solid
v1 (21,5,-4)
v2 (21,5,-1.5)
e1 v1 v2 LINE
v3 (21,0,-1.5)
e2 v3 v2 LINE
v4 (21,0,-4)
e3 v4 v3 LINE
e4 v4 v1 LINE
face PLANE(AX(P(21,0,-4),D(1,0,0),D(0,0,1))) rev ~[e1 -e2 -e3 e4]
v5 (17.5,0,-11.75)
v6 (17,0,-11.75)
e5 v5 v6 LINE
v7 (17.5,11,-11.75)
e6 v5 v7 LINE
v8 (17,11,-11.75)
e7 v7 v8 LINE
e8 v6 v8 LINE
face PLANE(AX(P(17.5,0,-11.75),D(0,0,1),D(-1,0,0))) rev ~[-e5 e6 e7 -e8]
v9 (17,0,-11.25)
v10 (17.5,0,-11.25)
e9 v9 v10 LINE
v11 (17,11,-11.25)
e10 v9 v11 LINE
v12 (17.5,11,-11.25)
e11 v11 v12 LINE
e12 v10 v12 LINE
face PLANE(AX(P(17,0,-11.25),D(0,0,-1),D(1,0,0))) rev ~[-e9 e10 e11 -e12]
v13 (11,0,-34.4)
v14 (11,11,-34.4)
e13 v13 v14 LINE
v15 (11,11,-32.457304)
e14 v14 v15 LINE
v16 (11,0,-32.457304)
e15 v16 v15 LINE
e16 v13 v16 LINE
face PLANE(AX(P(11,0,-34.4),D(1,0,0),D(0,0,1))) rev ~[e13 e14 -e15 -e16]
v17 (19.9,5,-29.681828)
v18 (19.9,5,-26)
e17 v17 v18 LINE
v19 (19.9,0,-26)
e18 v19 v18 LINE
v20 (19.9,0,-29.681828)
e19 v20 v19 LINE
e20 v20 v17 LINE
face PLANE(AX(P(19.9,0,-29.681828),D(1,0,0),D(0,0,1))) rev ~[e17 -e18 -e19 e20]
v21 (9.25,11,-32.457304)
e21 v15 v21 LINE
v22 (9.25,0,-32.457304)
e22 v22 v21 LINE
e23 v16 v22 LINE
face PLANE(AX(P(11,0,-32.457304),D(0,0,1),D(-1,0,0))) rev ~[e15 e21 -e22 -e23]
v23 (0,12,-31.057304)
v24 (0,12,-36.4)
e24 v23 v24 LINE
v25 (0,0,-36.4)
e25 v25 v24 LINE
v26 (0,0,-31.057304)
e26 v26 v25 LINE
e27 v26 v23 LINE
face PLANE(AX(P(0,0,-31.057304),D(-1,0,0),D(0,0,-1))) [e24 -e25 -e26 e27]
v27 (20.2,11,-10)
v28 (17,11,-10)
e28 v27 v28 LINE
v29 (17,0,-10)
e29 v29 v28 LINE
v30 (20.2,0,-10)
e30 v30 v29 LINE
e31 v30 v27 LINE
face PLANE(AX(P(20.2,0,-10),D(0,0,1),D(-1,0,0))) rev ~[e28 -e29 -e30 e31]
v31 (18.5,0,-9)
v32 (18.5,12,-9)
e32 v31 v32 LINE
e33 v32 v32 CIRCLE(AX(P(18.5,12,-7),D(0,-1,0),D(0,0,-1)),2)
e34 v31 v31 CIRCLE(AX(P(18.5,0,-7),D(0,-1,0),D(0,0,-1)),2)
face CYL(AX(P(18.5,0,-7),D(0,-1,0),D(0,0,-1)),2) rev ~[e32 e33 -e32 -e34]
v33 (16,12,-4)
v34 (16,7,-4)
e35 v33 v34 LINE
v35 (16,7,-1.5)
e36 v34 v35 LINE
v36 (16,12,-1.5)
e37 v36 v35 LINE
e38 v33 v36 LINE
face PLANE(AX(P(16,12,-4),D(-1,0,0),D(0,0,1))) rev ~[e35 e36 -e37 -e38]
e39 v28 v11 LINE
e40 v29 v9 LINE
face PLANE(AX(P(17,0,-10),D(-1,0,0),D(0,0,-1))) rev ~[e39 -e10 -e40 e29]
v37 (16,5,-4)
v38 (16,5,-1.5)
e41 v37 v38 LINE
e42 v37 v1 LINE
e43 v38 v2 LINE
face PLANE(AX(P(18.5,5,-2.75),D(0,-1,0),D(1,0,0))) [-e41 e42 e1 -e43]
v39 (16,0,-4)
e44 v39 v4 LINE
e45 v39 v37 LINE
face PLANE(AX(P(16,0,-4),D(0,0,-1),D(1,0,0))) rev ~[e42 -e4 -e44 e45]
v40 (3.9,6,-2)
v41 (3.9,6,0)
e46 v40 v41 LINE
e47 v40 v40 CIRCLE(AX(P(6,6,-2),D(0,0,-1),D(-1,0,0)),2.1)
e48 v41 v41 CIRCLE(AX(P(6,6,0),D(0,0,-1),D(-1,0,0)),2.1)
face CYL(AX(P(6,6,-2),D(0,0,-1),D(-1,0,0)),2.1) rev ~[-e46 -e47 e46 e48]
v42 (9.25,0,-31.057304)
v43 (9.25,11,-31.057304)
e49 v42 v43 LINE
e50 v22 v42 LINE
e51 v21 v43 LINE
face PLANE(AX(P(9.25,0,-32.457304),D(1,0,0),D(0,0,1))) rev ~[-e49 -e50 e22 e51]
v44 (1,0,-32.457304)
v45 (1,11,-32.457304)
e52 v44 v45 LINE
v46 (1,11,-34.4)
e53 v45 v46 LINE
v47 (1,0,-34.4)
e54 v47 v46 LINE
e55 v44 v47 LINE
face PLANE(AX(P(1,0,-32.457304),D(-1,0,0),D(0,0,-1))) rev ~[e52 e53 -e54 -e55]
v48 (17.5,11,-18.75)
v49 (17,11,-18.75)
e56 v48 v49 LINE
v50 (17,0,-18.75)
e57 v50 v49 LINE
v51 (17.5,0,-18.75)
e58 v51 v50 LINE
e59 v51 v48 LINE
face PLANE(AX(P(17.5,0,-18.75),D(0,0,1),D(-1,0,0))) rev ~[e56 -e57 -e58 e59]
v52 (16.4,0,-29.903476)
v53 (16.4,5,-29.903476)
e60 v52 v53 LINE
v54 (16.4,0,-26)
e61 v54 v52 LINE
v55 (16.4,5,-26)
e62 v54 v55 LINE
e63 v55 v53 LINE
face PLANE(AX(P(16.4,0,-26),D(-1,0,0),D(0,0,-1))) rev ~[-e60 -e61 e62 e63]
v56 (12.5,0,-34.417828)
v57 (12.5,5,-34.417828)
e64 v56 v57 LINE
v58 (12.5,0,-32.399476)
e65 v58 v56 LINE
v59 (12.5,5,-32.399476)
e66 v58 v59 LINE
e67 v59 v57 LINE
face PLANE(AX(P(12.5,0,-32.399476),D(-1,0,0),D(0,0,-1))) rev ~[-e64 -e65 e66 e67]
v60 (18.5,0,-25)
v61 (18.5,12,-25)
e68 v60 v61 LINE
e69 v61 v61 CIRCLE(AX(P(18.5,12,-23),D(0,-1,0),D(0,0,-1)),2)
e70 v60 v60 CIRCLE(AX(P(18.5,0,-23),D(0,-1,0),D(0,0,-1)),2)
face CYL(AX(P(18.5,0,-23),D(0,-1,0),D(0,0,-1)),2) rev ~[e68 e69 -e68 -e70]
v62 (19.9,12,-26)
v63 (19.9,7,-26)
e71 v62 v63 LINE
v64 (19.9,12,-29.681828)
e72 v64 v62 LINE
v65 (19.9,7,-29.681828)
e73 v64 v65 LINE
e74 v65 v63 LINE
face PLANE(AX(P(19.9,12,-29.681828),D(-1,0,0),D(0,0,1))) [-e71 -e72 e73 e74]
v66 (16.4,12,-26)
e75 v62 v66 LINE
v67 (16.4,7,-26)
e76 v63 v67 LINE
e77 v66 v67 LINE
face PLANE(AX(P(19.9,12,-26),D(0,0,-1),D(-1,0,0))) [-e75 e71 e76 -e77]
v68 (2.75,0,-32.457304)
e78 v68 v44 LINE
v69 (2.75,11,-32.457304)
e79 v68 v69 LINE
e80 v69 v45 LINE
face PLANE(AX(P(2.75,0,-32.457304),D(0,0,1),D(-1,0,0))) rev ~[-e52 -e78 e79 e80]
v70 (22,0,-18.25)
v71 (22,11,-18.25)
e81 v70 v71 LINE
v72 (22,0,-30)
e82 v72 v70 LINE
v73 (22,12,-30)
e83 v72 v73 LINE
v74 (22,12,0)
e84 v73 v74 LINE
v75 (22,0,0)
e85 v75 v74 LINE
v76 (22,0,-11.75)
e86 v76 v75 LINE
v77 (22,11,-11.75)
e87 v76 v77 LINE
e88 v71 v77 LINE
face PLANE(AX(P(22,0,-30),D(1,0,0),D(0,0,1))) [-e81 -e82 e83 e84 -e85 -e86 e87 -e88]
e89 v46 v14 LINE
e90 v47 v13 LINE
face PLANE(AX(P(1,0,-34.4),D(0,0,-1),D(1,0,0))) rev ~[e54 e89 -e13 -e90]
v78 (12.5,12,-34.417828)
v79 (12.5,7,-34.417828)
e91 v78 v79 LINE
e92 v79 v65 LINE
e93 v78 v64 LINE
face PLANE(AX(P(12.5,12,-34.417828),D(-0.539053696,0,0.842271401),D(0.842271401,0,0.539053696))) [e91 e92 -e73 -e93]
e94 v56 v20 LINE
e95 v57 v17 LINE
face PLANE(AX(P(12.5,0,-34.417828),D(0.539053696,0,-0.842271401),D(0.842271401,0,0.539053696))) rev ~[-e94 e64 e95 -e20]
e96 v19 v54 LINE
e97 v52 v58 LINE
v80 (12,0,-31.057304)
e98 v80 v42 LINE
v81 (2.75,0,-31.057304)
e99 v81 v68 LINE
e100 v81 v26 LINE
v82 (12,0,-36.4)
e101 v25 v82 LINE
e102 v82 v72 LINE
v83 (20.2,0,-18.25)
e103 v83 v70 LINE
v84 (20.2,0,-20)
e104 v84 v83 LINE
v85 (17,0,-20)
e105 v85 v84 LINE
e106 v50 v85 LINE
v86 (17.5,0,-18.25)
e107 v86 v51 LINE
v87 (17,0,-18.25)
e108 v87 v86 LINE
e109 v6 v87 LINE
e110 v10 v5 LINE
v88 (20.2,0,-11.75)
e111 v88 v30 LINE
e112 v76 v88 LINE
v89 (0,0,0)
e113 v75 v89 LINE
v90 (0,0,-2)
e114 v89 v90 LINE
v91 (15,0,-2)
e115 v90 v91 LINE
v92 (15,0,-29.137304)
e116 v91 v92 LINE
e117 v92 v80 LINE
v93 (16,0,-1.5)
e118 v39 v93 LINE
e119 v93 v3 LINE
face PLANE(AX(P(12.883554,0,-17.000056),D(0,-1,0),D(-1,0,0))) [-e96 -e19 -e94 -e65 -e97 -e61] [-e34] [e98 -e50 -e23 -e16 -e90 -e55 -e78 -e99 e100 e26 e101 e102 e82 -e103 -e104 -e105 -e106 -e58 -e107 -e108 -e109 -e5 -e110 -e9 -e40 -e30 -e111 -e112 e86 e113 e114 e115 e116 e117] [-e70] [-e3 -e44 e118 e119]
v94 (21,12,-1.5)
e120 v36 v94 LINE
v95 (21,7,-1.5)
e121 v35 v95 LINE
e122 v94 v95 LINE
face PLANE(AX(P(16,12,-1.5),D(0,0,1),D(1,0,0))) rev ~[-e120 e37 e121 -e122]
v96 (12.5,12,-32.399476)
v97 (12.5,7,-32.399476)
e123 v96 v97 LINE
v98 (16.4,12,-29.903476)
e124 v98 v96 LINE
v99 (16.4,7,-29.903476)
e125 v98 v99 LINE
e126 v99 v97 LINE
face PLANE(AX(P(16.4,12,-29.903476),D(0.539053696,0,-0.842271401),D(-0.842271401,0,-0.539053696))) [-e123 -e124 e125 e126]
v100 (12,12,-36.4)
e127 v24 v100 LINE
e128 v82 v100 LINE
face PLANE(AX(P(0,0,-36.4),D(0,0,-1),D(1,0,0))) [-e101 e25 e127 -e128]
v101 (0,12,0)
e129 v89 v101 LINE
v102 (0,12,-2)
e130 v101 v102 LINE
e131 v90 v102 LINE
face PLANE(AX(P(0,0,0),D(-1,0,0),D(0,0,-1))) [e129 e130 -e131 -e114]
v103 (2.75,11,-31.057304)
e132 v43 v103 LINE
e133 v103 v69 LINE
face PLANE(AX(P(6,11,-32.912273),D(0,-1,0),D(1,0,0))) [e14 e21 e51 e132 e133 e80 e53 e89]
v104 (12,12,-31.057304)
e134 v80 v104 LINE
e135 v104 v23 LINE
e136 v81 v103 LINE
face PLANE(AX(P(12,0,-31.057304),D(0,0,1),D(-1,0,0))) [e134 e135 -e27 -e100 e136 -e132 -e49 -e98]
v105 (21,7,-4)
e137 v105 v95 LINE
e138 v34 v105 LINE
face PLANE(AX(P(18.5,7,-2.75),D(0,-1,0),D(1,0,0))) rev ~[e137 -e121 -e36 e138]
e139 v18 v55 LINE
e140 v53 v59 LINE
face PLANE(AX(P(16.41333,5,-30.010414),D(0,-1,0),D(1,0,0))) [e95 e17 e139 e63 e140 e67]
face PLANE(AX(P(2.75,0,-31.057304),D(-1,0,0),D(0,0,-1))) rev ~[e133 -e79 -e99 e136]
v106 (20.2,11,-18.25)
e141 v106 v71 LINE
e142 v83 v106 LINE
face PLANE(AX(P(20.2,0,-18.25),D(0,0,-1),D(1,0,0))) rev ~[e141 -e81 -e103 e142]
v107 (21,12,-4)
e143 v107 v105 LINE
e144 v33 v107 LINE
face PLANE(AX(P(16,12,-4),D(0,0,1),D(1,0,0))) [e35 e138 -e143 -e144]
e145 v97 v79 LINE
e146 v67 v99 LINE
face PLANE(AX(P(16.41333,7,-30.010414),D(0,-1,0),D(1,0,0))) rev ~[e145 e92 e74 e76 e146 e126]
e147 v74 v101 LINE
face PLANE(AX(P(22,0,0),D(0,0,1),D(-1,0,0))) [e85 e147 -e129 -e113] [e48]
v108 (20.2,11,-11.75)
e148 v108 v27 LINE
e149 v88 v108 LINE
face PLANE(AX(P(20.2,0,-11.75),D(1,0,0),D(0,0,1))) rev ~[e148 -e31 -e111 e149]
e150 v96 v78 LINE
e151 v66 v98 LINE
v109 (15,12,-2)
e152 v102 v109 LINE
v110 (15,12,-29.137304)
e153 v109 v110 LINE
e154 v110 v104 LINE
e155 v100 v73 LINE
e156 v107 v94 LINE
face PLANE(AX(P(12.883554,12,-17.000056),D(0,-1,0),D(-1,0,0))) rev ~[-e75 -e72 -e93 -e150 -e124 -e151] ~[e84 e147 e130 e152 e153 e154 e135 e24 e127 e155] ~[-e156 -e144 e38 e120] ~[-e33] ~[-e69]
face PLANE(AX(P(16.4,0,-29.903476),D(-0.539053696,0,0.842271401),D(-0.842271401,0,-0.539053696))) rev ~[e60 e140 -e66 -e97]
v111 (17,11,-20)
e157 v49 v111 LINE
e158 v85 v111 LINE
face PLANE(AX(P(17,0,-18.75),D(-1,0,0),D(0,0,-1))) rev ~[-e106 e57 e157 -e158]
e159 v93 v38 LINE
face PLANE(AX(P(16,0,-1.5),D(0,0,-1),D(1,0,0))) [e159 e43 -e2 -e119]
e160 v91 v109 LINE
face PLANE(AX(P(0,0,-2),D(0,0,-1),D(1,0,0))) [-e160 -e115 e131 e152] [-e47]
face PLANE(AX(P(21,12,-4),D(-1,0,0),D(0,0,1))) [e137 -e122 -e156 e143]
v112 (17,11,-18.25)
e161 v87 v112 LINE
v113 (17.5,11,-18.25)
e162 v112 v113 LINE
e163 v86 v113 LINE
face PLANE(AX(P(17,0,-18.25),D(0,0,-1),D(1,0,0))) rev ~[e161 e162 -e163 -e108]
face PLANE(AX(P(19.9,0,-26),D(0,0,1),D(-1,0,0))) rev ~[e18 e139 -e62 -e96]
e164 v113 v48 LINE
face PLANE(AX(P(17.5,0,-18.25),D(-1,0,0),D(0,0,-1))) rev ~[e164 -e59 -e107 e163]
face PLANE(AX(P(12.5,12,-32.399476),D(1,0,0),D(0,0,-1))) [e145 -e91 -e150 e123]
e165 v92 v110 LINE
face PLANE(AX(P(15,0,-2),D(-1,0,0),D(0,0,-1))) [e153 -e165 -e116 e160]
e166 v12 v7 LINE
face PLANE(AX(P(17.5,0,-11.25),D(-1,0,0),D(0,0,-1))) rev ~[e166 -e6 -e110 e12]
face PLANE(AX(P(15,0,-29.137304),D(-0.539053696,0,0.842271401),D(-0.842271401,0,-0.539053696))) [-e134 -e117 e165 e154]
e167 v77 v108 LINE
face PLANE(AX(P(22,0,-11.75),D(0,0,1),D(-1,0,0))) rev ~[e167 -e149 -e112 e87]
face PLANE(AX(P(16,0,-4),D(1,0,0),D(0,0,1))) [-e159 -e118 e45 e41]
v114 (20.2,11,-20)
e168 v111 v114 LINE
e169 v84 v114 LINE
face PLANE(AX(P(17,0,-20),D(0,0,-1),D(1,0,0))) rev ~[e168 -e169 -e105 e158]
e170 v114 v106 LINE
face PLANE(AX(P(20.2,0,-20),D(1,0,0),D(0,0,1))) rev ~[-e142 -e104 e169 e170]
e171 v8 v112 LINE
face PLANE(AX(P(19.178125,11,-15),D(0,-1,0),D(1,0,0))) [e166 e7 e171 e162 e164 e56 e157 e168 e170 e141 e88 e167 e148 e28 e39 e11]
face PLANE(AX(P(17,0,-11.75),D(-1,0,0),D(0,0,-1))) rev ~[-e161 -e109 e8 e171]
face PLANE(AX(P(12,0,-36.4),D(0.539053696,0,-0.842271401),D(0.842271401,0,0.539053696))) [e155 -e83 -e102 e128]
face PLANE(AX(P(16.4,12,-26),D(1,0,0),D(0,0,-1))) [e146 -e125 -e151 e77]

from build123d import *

# Parameters (mm, degrees)
EXTRUDE_1_DEPTH     = 12
SKETCH_2_W          = 5
SKETCH_2_H          = 2.5
CUT_EXTRUDE_1_DEPTH = 5
CUT_EXTRUDE_START   = -12
SKETCH_2_3_W        = 5
SKETCH_2_3_H        = 2.5
CUT_EXTRUDE_3_DEPTH = 5
SKETCH_2_4_R        = 2
CUT_EXTRUDE_4_DEPTH = 45.192307023
CUT_EXTRUDE_5_DEPTH = 11
SKETCH1_R           = 2.1
CUT_EXTRUDE1_DEPTH  = 43.560075188


with BuildPart() as part:
    # 草图1 → 凸台-拉伸1 (new body)
    with BuildSketch(Plane(origin=(0, 0, 0), x_dir=(1, 0, 0), z_dir=(0, 1, 0))):
        Polygon((0, 0), (0, 2), (15, 2), (15, 29.137304051), (12, 31.057304051), (0, 31.057304051), (0, 36.4), (12, 36.4), (22, 30), (22, 0), align=None)
    extrude(amount=EXTRUDE_1_DEPTH)

    # 草图2 → 切除-拉伸1 (cut)
    with BuildSketch(Plane.XZ):
        Polygon((12.5, -32.399476124), (12.5, -34.417827927), (19.9, -29.681827927), (19.9, -26), (16.4, -26), (16.4, -29.903476124), align=None)
        with Locations((18.5, -2.75)):
            Rectangle(SKETCH_2_W, SKETCH_2_H)
    extrude(amount=-CUT_EXTRUDE_1_DEPTH, mode=Mode.SUBTRACT)

    # 草图2<3> → 切除-拉伸3 (cut)
    with BuildSketch(Plane.XZ.offset(CUT_EXTRUDE_START)):
        Polygon((16.4, -26), (16.4, -29.903476124), (12.5, -32.399476124), (12.5, -34.417827927), (19.9, -29.681827927), (19.9, -26), align=None)
        with Locations((18.5, -2.75)):
            Rectangle(SKETCH_2_3_W, SKETCH_2_3_H)
    extrude(amount=CUT_EXTRUDE_3_DEPTH, mode=Mode.SUBTRACT)

    # 草图2<4> → 切除-拉伸4 (cut, through all)
    with BuildSketch(Plane.XZ):
        with Locations(Location((18.5, -23, 0), (0, 0, 270))):
            Circle(SKETCH_2_4_R)
        with Locations(Location((18.5, -7, 0), (0, 0, 270))):
            Circle(SKETCH_2_4_R)
    extrude(amount=-CUT_EXTRUDE_4_DEPTH, mode=Mode.SUBTRACT)

    # 草图2<5> → 切除-拉伸5 (cut)
    with BuildSketch(Plane.XZ):
        Polygon((1, -32.457304051), (1, -34.4), (11, -34.4), (11, -32.457304051), (9.25, -32.457304051), (9.25, -31.057304051), (2.75, -31.057304051), (2.75, -32.457304051), align=None)
        Polygon((17, -18.75), (17, -20), (20.2, -20), (20.2, -18.25), (22, -18.25), (22, -11.75), (20.2, -11.75), (20.2, -10), (17, -10), (17, -11.25), (17.5, -11.25), (17.5, -11.75), (17, -11.75), (17, -18.25), (17.5, -18.25), (17.5, -18.75), align=None)
    extrude(amount=-CUT_EXTRUDE_5_DEPTH, mode=Mode.SUBTRACT)

    # Sketch1 → Cut-Extrude1 (cut, through all)
    with BuildSketch(Plane(origin=(0, 0, -2), x_dir=(-1, 0, 0), z_dir=(0, 0, -1))):
        with Locations((-6, 6)):
            Circle(SKETCH1_R)
    extrude(amount=-CUT_EXTRUDE1_DEPTH, mode=Mode.SUBTRACT)


solid = part.part
